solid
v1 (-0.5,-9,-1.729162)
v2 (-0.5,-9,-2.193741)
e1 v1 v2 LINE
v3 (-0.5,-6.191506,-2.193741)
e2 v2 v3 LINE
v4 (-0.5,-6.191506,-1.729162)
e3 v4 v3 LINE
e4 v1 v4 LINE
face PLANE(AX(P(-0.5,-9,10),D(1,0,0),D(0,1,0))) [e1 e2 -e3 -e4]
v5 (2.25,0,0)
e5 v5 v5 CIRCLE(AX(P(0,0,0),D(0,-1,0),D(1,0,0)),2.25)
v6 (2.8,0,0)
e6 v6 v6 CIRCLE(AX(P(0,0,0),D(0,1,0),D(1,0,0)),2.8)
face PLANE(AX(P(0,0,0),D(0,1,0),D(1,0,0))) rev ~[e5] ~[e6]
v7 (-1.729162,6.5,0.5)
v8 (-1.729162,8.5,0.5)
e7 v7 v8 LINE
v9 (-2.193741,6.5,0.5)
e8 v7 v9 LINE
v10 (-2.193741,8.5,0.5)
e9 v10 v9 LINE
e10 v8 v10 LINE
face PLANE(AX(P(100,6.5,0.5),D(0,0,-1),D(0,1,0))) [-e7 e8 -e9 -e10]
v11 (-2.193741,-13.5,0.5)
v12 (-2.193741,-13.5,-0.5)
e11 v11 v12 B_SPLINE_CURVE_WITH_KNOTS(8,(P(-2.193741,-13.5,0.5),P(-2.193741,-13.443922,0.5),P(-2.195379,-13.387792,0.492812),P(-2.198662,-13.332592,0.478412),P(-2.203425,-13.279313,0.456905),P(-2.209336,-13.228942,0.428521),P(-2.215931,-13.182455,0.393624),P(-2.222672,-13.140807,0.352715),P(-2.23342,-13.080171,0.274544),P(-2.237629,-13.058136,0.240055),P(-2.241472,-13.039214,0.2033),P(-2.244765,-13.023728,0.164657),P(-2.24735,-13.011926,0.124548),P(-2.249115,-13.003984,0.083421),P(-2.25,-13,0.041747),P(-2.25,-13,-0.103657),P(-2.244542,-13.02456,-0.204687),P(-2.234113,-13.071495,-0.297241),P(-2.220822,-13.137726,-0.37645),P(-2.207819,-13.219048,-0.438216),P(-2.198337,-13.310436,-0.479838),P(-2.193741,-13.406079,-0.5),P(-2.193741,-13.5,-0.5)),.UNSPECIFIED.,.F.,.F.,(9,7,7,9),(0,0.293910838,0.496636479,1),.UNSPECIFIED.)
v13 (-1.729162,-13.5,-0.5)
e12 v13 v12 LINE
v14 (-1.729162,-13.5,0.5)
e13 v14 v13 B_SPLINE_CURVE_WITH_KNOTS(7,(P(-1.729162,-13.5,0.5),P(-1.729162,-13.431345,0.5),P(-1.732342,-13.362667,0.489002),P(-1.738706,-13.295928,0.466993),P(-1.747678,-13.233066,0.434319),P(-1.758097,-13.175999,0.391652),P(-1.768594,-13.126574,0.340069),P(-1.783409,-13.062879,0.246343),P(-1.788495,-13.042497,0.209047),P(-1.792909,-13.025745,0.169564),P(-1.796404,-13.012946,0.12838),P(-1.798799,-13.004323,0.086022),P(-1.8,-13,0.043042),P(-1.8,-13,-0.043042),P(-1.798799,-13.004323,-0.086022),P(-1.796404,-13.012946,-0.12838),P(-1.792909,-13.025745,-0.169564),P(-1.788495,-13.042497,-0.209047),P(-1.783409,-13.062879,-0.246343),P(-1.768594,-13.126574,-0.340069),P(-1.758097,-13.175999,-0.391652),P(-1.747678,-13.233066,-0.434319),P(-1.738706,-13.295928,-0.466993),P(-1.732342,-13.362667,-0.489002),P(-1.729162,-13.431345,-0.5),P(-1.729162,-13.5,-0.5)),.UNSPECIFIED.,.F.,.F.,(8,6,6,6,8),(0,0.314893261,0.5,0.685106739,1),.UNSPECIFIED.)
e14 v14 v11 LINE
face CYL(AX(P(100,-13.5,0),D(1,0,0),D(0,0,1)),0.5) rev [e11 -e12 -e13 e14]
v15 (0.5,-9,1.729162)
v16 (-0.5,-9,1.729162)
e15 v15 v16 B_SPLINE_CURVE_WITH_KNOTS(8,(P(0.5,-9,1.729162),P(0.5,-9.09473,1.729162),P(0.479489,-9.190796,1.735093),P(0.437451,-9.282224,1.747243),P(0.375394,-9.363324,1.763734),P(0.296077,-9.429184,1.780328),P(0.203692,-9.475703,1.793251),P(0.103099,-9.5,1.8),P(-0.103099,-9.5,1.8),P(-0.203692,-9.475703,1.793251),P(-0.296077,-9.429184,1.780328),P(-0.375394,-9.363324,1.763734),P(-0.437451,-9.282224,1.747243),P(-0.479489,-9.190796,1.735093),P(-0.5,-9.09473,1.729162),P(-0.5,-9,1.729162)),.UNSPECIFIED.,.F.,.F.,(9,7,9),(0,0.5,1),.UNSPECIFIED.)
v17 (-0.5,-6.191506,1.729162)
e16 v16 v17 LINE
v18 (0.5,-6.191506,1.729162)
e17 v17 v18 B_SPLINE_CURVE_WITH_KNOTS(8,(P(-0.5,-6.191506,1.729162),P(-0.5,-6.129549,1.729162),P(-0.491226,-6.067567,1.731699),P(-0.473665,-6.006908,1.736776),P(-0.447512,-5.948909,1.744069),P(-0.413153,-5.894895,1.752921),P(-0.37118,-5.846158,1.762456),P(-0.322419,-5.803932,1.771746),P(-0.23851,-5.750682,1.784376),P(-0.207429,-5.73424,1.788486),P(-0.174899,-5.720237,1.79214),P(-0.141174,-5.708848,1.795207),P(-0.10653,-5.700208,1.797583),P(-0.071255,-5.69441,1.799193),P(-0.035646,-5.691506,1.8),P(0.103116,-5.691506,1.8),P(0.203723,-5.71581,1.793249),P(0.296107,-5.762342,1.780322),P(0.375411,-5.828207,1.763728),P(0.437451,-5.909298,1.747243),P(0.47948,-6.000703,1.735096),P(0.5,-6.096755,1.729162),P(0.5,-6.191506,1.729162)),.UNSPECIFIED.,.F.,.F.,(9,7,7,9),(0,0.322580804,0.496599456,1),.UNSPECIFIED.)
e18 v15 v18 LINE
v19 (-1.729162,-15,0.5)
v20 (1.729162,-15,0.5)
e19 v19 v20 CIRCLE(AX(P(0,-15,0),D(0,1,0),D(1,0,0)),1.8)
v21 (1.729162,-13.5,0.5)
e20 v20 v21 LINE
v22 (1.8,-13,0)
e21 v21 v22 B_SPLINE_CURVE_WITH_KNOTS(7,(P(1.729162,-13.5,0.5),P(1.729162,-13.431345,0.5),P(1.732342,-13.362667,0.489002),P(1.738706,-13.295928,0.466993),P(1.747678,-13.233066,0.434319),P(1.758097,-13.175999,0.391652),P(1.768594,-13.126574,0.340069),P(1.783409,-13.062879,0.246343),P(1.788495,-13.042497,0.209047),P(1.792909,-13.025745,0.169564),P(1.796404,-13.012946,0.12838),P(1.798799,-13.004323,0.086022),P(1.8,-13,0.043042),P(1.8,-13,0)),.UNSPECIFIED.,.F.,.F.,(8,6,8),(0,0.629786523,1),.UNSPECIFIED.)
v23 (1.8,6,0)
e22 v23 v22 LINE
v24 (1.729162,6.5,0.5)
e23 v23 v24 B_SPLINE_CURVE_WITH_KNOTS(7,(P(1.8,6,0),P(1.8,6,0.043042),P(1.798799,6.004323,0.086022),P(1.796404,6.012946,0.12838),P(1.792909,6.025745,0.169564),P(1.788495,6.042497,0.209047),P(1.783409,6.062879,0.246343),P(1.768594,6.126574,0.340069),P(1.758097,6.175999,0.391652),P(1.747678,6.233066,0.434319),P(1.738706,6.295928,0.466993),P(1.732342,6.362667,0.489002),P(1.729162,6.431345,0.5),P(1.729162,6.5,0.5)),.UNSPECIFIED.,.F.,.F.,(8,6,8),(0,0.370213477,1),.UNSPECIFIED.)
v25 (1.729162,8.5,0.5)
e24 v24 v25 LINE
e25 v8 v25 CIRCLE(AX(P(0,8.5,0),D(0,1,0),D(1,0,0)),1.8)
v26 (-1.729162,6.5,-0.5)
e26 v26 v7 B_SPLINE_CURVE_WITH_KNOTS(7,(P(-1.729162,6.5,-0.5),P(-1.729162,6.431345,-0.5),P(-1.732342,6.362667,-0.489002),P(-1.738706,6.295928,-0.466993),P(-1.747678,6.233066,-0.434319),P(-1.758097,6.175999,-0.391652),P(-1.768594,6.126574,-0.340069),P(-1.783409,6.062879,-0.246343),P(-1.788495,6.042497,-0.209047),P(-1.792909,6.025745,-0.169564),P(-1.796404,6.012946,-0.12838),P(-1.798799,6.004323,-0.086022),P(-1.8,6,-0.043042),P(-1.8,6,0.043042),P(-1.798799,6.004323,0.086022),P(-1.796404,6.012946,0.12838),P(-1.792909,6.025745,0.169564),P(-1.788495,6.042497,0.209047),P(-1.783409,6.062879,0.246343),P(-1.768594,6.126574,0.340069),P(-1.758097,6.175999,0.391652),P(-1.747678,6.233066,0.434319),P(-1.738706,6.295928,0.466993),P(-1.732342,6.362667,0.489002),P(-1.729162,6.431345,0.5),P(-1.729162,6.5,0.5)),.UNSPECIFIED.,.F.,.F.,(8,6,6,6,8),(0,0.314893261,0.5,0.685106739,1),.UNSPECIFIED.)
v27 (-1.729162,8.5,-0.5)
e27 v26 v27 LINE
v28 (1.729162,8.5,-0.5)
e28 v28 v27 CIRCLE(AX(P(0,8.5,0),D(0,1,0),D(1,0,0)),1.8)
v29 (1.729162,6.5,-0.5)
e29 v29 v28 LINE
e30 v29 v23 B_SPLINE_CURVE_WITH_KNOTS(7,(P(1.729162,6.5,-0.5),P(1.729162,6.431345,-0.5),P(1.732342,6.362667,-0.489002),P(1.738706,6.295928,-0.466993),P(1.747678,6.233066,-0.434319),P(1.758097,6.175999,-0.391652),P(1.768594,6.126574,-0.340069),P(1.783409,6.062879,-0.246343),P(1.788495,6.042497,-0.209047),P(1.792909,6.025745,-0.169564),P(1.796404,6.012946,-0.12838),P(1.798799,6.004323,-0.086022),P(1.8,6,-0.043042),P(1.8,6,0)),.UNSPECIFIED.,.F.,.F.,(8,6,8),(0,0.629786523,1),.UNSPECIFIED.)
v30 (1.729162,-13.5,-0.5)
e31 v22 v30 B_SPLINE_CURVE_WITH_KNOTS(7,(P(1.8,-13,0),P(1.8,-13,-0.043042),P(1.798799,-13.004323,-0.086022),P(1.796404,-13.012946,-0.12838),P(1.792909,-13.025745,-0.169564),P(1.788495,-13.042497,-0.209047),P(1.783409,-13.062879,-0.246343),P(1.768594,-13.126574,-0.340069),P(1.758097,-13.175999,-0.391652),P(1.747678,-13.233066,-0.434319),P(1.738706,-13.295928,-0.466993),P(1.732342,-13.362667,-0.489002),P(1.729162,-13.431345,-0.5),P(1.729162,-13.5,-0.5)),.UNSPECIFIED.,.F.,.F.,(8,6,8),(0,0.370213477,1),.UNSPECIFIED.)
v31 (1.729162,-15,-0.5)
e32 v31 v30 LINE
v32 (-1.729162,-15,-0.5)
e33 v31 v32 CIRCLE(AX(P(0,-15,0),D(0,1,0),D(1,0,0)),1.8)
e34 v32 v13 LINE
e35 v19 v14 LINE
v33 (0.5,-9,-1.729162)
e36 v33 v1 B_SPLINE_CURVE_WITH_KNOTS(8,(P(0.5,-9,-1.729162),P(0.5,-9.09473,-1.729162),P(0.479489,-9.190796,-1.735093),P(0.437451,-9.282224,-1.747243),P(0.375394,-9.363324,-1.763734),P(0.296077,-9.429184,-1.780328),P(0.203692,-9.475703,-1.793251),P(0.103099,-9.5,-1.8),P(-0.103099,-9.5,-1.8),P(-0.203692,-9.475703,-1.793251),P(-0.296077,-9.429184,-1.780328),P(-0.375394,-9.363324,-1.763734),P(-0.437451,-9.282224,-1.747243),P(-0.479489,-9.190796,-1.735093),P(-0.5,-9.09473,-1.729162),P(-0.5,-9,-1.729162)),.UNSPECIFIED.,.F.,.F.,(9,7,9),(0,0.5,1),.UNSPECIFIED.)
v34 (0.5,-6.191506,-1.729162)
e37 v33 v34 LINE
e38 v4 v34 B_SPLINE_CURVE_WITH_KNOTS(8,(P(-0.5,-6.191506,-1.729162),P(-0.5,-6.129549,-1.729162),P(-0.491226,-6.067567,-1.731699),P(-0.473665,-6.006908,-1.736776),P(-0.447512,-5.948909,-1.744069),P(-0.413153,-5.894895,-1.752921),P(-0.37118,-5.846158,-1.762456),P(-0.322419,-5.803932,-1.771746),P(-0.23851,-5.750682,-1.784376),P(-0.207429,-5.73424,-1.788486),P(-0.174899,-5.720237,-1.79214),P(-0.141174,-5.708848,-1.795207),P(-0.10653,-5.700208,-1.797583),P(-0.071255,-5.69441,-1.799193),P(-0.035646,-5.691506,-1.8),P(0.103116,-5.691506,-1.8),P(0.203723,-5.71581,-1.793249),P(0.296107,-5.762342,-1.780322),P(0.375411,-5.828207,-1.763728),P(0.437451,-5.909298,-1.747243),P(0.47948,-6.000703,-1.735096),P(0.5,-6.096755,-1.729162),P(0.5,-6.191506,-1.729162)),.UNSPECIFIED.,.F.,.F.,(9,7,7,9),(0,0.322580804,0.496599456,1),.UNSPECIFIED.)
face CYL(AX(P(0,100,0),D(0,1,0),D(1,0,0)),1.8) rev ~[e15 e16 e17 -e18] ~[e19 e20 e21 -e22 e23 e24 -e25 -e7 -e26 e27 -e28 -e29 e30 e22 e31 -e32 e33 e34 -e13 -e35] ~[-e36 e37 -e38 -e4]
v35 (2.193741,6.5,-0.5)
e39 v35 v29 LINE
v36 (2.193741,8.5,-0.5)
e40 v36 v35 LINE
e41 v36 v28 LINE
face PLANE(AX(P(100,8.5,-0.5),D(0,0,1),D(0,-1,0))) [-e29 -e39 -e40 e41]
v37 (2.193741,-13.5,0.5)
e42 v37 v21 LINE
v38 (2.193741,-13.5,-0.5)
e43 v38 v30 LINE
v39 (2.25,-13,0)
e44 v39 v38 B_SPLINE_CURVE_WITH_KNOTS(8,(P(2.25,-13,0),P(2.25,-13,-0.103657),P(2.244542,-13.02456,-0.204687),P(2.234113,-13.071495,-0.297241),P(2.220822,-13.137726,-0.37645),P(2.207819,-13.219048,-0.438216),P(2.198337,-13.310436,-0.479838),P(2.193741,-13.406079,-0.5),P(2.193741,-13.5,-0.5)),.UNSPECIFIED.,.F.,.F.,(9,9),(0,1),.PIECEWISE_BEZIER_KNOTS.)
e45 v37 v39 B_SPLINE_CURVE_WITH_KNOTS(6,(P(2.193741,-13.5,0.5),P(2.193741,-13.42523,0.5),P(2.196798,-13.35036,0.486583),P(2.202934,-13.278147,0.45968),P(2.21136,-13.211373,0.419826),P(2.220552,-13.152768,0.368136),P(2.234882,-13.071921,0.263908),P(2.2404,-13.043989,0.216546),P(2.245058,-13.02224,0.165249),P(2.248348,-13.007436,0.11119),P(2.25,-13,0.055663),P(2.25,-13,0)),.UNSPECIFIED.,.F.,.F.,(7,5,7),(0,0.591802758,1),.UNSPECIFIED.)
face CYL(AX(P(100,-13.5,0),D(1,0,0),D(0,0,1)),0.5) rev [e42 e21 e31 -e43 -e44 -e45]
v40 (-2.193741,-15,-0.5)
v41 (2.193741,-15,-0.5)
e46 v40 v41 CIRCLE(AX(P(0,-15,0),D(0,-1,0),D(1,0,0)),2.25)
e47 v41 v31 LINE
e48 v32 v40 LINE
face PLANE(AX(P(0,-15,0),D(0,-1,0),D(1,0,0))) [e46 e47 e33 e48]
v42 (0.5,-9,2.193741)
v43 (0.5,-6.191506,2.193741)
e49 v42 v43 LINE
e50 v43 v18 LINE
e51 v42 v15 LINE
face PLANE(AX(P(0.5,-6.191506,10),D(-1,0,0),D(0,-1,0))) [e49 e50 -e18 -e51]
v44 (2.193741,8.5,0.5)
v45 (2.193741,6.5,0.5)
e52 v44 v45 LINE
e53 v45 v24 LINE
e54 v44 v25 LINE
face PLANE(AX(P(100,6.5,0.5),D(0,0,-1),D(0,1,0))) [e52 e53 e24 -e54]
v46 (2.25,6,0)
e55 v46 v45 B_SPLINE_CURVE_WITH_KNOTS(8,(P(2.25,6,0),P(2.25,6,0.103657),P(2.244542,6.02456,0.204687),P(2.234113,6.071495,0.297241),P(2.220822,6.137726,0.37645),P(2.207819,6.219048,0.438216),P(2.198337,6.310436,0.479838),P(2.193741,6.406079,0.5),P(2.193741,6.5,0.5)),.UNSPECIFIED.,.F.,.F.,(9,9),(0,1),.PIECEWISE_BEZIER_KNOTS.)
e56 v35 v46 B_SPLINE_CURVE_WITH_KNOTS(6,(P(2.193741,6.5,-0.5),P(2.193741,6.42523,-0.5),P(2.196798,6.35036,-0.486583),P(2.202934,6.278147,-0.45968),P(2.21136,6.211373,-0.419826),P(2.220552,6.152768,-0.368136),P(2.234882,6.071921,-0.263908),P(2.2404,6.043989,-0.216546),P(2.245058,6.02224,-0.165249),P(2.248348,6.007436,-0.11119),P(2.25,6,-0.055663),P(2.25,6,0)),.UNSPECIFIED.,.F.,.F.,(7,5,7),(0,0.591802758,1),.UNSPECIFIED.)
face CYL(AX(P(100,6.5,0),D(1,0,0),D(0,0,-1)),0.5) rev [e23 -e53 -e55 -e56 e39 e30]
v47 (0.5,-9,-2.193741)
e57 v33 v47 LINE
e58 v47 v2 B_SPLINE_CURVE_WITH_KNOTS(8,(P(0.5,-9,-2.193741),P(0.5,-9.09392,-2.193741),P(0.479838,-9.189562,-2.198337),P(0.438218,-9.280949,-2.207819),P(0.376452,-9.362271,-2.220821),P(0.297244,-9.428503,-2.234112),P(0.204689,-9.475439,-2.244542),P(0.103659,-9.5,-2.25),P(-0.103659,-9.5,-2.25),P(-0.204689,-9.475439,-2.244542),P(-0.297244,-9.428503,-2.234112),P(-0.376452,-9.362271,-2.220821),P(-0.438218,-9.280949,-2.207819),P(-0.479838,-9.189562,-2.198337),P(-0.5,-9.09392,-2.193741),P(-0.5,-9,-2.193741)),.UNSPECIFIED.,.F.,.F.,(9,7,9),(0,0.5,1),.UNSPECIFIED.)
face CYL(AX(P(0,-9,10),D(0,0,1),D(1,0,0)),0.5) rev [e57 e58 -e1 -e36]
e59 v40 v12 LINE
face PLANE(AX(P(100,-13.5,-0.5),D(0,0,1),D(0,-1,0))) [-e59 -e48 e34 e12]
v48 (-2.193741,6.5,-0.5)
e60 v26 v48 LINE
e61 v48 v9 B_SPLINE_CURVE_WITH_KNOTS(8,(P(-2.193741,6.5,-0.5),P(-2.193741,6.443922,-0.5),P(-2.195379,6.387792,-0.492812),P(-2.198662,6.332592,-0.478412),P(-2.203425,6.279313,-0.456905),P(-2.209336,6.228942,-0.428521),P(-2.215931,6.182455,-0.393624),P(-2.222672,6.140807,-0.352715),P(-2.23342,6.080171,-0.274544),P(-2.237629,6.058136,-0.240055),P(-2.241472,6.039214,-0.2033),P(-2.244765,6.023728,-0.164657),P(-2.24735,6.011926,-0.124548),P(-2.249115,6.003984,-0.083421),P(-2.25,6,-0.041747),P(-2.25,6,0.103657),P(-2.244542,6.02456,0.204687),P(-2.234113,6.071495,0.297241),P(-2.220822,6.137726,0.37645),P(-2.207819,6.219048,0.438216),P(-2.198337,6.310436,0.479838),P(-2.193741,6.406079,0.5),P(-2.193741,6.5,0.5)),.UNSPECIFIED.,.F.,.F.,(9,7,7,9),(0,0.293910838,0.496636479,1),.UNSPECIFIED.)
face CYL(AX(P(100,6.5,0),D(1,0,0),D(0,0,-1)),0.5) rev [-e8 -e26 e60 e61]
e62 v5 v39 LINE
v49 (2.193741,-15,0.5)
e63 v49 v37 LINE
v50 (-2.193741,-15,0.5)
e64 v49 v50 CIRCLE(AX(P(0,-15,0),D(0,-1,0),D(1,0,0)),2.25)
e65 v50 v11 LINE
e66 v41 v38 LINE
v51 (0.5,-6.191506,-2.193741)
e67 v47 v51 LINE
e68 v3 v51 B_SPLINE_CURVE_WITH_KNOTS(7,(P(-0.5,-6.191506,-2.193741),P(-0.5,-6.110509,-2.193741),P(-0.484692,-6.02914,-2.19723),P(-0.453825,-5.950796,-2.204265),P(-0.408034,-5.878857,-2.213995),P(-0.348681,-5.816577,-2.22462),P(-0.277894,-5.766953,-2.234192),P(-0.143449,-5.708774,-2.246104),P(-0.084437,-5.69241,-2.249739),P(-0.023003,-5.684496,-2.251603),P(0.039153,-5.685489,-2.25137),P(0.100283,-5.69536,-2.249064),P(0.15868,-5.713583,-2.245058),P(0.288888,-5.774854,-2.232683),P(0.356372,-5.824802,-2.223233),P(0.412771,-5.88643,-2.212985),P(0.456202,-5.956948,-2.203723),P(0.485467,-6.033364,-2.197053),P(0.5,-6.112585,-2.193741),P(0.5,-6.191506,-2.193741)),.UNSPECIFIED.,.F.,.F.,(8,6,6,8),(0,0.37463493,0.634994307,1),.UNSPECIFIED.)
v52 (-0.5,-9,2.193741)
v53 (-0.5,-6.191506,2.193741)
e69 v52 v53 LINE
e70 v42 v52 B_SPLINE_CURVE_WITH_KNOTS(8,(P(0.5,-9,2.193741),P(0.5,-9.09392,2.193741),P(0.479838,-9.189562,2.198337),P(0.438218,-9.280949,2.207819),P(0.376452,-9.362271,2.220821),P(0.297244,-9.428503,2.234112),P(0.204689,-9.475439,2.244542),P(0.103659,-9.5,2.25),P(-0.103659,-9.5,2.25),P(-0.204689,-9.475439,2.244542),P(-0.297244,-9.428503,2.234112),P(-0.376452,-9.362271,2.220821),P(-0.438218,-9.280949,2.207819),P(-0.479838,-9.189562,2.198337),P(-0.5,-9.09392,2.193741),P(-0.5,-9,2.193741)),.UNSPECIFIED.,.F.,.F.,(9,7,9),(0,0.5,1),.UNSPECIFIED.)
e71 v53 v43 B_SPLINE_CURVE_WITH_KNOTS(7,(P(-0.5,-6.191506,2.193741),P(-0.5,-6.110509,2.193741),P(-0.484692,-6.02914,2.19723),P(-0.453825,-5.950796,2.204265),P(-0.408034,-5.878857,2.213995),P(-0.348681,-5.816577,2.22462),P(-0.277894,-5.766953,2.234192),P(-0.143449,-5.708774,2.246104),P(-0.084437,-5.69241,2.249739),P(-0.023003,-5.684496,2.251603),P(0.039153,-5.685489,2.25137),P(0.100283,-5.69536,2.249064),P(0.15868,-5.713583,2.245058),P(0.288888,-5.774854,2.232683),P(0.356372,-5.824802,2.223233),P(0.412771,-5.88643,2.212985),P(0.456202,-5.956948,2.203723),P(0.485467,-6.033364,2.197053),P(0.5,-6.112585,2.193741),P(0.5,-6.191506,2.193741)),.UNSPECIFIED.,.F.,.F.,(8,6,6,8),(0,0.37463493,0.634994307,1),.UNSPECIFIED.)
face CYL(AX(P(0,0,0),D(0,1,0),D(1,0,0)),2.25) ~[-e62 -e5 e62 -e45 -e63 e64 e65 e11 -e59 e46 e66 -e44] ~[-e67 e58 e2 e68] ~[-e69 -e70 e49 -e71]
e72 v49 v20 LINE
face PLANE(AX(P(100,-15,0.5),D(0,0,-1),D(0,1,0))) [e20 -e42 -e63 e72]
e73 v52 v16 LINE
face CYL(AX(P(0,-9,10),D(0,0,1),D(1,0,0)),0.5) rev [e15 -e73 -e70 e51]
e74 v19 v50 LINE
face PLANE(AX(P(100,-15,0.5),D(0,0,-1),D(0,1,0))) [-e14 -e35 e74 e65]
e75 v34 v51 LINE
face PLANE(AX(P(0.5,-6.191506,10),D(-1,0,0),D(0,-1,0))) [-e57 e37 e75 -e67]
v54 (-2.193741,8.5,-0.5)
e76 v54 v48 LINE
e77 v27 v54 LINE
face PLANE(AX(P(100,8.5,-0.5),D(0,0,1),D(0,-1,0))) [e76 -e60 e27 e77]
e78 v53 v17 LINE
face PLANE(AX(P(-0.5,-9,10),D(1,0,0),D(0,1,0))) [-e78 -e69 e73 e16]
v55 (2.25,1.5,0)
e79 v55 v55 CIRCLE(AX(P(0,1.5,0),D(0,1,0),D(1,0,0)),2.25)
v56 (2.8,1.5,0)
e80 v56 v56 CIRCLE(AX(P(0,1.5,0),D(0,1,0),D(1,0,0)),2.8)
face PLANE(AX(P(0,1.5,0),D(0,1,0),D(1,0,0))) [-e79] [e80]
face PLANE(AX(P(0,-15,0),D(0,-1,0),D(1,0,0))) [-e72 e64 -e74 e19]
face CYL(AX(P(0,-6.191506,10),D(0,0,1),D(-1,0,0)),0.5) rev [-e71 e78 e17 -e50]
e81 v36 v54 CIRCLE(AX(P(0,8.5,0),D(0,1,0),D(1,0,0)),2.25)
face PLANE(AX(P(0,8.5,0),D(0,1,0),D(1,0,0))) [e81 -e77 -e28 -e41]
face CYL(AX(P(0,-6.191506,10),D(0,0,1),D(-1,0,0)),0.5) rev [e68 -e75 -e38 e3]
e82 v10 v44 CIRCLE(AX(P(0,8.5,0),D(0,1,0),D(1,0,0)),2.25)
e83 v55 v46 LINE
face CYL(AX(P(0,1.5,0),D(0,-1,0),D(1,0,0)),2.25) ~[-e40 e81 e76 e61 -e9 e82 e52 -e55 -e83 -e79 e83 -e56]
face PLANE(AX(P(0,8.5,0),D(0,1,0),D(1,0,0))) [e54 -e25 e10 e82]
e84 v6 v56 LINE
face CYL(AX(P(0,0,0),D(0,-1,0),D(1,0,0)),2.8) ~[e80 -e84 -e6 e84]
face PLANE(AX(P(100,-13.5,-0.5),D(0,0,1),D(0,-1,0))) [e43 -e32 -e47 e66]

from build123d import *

# Parameters (mm, degrees)
SKETCH1_R           = 2.8
BOSS_EXTRUDE1_DEPTH = 1.5
SKETCH2_R           = 2.25
BOSS_EXTRUDE2_DEPTH = 7
SKETCH3_R           = 2.25
BOSS_EXTRUDE3_DEPTH = 15
CUT_EXTRUDE1_DEPTH  = 103.8
SKETCH5_R           = 1.8
CUT_EXTRUDE2_DEPTH  = 116.0000001
CUT_EXTRUDE3_DEPTH  = 13.8


with BuildPart() as part:
    # Sketch1 → Boss-Extrude1 (new body)
    with BuildSketch(Plane(origin=(0, 0, 0), x_dir=(1, 0, 0), z_dir=(0, 1, 0))):
        Circle(SKETCH1_R)
    extrude(amount=BOSS_EXTRUDE1_DEPTH)

    # Sketch2 → Boss-Extrude2 (add)
    with BuildSketch(Plane(origin=(0, 1.5, 0), x_dir=(1, 0, 0), z_dir=(0, 1, 0))):
        Circle(SKETCH2_R)
    extrude(amount=BOSS_EXTRUDE2_DEPTH)

    # Sketch3 → Boss-Extrude3 (add)
    with BuildSketch(Plane.XZ):
        Circle(SKETCH3_R)
    extrude(amount=BOSS_EXTRUDE3_DEPTH)

    # Sketch4 → Cut-Extrude1 (cut, through all)
    with BuildSketch(Plane(origin=(100, 0, 0), x_dir=(0, 0, -1), z_dir=(1, 0, 0))):
        with BuildLine():
            Line((0.5, -13.5), (0.5, -15))
            ThreePointArc((0.5, -15), (0, -15.5), (-0.5, -15))
            Line((-0.5, -15), (-0.5, -13.5))
            ThreePointArc((-0.5, -13.5), (0, -13), (0.5, -13.5))
        make_face()
        with BuildLine():
            Line((-0.5, 6.5), (-0.5, 8.5))
            ThreePointArc((-0.5, 8.5), (0, 9), (0.5, 8.5))
            Line((0.5, 8.5), (0.5, 6.5))
            ThreePointArc((0.5, 6.5), (0, 6), (-0.5, 6.5))
        make_face()
    extrude(amount=-CUT_EXTRUDE1_DEPTH, mode=Mode.SUBTRACT)

    # Sketch5 → Cut-Extrude2 (cut, through all)
    with BuildSketch(Plane(origin=(0, 100, 0), x_dir=(1, 0, 0), z_dir=(0, 1, 0))):
        Circle(SKETCH5_R)
    extrude(amount=-CUT_EXTRUDE2_DEPTH, mode=Mode.SUBTRACT)

    # Sketch6 → Cut-Extrude3 (cut, through all)
    with BuildSketch(Plane.XY.offset(10)):
        with BuildLine():
            Line((-0.5, -9), (-0.5, -6.191505656))
            ThreePointArc((-0.5, -6.191505656), (0, -5.691505656), (0.5, -6.191505656))
            Line((0.5, -6.191505656), (0.5, -9))
            ThreePointArc((0.5, -9), (0, -9.5), (-0.5, -9))
        make_face()
    extrude(amount=-CUT_EXTRUDE3_DEPTH, mode=Mode.SUBTRACT)


solid = part.part
